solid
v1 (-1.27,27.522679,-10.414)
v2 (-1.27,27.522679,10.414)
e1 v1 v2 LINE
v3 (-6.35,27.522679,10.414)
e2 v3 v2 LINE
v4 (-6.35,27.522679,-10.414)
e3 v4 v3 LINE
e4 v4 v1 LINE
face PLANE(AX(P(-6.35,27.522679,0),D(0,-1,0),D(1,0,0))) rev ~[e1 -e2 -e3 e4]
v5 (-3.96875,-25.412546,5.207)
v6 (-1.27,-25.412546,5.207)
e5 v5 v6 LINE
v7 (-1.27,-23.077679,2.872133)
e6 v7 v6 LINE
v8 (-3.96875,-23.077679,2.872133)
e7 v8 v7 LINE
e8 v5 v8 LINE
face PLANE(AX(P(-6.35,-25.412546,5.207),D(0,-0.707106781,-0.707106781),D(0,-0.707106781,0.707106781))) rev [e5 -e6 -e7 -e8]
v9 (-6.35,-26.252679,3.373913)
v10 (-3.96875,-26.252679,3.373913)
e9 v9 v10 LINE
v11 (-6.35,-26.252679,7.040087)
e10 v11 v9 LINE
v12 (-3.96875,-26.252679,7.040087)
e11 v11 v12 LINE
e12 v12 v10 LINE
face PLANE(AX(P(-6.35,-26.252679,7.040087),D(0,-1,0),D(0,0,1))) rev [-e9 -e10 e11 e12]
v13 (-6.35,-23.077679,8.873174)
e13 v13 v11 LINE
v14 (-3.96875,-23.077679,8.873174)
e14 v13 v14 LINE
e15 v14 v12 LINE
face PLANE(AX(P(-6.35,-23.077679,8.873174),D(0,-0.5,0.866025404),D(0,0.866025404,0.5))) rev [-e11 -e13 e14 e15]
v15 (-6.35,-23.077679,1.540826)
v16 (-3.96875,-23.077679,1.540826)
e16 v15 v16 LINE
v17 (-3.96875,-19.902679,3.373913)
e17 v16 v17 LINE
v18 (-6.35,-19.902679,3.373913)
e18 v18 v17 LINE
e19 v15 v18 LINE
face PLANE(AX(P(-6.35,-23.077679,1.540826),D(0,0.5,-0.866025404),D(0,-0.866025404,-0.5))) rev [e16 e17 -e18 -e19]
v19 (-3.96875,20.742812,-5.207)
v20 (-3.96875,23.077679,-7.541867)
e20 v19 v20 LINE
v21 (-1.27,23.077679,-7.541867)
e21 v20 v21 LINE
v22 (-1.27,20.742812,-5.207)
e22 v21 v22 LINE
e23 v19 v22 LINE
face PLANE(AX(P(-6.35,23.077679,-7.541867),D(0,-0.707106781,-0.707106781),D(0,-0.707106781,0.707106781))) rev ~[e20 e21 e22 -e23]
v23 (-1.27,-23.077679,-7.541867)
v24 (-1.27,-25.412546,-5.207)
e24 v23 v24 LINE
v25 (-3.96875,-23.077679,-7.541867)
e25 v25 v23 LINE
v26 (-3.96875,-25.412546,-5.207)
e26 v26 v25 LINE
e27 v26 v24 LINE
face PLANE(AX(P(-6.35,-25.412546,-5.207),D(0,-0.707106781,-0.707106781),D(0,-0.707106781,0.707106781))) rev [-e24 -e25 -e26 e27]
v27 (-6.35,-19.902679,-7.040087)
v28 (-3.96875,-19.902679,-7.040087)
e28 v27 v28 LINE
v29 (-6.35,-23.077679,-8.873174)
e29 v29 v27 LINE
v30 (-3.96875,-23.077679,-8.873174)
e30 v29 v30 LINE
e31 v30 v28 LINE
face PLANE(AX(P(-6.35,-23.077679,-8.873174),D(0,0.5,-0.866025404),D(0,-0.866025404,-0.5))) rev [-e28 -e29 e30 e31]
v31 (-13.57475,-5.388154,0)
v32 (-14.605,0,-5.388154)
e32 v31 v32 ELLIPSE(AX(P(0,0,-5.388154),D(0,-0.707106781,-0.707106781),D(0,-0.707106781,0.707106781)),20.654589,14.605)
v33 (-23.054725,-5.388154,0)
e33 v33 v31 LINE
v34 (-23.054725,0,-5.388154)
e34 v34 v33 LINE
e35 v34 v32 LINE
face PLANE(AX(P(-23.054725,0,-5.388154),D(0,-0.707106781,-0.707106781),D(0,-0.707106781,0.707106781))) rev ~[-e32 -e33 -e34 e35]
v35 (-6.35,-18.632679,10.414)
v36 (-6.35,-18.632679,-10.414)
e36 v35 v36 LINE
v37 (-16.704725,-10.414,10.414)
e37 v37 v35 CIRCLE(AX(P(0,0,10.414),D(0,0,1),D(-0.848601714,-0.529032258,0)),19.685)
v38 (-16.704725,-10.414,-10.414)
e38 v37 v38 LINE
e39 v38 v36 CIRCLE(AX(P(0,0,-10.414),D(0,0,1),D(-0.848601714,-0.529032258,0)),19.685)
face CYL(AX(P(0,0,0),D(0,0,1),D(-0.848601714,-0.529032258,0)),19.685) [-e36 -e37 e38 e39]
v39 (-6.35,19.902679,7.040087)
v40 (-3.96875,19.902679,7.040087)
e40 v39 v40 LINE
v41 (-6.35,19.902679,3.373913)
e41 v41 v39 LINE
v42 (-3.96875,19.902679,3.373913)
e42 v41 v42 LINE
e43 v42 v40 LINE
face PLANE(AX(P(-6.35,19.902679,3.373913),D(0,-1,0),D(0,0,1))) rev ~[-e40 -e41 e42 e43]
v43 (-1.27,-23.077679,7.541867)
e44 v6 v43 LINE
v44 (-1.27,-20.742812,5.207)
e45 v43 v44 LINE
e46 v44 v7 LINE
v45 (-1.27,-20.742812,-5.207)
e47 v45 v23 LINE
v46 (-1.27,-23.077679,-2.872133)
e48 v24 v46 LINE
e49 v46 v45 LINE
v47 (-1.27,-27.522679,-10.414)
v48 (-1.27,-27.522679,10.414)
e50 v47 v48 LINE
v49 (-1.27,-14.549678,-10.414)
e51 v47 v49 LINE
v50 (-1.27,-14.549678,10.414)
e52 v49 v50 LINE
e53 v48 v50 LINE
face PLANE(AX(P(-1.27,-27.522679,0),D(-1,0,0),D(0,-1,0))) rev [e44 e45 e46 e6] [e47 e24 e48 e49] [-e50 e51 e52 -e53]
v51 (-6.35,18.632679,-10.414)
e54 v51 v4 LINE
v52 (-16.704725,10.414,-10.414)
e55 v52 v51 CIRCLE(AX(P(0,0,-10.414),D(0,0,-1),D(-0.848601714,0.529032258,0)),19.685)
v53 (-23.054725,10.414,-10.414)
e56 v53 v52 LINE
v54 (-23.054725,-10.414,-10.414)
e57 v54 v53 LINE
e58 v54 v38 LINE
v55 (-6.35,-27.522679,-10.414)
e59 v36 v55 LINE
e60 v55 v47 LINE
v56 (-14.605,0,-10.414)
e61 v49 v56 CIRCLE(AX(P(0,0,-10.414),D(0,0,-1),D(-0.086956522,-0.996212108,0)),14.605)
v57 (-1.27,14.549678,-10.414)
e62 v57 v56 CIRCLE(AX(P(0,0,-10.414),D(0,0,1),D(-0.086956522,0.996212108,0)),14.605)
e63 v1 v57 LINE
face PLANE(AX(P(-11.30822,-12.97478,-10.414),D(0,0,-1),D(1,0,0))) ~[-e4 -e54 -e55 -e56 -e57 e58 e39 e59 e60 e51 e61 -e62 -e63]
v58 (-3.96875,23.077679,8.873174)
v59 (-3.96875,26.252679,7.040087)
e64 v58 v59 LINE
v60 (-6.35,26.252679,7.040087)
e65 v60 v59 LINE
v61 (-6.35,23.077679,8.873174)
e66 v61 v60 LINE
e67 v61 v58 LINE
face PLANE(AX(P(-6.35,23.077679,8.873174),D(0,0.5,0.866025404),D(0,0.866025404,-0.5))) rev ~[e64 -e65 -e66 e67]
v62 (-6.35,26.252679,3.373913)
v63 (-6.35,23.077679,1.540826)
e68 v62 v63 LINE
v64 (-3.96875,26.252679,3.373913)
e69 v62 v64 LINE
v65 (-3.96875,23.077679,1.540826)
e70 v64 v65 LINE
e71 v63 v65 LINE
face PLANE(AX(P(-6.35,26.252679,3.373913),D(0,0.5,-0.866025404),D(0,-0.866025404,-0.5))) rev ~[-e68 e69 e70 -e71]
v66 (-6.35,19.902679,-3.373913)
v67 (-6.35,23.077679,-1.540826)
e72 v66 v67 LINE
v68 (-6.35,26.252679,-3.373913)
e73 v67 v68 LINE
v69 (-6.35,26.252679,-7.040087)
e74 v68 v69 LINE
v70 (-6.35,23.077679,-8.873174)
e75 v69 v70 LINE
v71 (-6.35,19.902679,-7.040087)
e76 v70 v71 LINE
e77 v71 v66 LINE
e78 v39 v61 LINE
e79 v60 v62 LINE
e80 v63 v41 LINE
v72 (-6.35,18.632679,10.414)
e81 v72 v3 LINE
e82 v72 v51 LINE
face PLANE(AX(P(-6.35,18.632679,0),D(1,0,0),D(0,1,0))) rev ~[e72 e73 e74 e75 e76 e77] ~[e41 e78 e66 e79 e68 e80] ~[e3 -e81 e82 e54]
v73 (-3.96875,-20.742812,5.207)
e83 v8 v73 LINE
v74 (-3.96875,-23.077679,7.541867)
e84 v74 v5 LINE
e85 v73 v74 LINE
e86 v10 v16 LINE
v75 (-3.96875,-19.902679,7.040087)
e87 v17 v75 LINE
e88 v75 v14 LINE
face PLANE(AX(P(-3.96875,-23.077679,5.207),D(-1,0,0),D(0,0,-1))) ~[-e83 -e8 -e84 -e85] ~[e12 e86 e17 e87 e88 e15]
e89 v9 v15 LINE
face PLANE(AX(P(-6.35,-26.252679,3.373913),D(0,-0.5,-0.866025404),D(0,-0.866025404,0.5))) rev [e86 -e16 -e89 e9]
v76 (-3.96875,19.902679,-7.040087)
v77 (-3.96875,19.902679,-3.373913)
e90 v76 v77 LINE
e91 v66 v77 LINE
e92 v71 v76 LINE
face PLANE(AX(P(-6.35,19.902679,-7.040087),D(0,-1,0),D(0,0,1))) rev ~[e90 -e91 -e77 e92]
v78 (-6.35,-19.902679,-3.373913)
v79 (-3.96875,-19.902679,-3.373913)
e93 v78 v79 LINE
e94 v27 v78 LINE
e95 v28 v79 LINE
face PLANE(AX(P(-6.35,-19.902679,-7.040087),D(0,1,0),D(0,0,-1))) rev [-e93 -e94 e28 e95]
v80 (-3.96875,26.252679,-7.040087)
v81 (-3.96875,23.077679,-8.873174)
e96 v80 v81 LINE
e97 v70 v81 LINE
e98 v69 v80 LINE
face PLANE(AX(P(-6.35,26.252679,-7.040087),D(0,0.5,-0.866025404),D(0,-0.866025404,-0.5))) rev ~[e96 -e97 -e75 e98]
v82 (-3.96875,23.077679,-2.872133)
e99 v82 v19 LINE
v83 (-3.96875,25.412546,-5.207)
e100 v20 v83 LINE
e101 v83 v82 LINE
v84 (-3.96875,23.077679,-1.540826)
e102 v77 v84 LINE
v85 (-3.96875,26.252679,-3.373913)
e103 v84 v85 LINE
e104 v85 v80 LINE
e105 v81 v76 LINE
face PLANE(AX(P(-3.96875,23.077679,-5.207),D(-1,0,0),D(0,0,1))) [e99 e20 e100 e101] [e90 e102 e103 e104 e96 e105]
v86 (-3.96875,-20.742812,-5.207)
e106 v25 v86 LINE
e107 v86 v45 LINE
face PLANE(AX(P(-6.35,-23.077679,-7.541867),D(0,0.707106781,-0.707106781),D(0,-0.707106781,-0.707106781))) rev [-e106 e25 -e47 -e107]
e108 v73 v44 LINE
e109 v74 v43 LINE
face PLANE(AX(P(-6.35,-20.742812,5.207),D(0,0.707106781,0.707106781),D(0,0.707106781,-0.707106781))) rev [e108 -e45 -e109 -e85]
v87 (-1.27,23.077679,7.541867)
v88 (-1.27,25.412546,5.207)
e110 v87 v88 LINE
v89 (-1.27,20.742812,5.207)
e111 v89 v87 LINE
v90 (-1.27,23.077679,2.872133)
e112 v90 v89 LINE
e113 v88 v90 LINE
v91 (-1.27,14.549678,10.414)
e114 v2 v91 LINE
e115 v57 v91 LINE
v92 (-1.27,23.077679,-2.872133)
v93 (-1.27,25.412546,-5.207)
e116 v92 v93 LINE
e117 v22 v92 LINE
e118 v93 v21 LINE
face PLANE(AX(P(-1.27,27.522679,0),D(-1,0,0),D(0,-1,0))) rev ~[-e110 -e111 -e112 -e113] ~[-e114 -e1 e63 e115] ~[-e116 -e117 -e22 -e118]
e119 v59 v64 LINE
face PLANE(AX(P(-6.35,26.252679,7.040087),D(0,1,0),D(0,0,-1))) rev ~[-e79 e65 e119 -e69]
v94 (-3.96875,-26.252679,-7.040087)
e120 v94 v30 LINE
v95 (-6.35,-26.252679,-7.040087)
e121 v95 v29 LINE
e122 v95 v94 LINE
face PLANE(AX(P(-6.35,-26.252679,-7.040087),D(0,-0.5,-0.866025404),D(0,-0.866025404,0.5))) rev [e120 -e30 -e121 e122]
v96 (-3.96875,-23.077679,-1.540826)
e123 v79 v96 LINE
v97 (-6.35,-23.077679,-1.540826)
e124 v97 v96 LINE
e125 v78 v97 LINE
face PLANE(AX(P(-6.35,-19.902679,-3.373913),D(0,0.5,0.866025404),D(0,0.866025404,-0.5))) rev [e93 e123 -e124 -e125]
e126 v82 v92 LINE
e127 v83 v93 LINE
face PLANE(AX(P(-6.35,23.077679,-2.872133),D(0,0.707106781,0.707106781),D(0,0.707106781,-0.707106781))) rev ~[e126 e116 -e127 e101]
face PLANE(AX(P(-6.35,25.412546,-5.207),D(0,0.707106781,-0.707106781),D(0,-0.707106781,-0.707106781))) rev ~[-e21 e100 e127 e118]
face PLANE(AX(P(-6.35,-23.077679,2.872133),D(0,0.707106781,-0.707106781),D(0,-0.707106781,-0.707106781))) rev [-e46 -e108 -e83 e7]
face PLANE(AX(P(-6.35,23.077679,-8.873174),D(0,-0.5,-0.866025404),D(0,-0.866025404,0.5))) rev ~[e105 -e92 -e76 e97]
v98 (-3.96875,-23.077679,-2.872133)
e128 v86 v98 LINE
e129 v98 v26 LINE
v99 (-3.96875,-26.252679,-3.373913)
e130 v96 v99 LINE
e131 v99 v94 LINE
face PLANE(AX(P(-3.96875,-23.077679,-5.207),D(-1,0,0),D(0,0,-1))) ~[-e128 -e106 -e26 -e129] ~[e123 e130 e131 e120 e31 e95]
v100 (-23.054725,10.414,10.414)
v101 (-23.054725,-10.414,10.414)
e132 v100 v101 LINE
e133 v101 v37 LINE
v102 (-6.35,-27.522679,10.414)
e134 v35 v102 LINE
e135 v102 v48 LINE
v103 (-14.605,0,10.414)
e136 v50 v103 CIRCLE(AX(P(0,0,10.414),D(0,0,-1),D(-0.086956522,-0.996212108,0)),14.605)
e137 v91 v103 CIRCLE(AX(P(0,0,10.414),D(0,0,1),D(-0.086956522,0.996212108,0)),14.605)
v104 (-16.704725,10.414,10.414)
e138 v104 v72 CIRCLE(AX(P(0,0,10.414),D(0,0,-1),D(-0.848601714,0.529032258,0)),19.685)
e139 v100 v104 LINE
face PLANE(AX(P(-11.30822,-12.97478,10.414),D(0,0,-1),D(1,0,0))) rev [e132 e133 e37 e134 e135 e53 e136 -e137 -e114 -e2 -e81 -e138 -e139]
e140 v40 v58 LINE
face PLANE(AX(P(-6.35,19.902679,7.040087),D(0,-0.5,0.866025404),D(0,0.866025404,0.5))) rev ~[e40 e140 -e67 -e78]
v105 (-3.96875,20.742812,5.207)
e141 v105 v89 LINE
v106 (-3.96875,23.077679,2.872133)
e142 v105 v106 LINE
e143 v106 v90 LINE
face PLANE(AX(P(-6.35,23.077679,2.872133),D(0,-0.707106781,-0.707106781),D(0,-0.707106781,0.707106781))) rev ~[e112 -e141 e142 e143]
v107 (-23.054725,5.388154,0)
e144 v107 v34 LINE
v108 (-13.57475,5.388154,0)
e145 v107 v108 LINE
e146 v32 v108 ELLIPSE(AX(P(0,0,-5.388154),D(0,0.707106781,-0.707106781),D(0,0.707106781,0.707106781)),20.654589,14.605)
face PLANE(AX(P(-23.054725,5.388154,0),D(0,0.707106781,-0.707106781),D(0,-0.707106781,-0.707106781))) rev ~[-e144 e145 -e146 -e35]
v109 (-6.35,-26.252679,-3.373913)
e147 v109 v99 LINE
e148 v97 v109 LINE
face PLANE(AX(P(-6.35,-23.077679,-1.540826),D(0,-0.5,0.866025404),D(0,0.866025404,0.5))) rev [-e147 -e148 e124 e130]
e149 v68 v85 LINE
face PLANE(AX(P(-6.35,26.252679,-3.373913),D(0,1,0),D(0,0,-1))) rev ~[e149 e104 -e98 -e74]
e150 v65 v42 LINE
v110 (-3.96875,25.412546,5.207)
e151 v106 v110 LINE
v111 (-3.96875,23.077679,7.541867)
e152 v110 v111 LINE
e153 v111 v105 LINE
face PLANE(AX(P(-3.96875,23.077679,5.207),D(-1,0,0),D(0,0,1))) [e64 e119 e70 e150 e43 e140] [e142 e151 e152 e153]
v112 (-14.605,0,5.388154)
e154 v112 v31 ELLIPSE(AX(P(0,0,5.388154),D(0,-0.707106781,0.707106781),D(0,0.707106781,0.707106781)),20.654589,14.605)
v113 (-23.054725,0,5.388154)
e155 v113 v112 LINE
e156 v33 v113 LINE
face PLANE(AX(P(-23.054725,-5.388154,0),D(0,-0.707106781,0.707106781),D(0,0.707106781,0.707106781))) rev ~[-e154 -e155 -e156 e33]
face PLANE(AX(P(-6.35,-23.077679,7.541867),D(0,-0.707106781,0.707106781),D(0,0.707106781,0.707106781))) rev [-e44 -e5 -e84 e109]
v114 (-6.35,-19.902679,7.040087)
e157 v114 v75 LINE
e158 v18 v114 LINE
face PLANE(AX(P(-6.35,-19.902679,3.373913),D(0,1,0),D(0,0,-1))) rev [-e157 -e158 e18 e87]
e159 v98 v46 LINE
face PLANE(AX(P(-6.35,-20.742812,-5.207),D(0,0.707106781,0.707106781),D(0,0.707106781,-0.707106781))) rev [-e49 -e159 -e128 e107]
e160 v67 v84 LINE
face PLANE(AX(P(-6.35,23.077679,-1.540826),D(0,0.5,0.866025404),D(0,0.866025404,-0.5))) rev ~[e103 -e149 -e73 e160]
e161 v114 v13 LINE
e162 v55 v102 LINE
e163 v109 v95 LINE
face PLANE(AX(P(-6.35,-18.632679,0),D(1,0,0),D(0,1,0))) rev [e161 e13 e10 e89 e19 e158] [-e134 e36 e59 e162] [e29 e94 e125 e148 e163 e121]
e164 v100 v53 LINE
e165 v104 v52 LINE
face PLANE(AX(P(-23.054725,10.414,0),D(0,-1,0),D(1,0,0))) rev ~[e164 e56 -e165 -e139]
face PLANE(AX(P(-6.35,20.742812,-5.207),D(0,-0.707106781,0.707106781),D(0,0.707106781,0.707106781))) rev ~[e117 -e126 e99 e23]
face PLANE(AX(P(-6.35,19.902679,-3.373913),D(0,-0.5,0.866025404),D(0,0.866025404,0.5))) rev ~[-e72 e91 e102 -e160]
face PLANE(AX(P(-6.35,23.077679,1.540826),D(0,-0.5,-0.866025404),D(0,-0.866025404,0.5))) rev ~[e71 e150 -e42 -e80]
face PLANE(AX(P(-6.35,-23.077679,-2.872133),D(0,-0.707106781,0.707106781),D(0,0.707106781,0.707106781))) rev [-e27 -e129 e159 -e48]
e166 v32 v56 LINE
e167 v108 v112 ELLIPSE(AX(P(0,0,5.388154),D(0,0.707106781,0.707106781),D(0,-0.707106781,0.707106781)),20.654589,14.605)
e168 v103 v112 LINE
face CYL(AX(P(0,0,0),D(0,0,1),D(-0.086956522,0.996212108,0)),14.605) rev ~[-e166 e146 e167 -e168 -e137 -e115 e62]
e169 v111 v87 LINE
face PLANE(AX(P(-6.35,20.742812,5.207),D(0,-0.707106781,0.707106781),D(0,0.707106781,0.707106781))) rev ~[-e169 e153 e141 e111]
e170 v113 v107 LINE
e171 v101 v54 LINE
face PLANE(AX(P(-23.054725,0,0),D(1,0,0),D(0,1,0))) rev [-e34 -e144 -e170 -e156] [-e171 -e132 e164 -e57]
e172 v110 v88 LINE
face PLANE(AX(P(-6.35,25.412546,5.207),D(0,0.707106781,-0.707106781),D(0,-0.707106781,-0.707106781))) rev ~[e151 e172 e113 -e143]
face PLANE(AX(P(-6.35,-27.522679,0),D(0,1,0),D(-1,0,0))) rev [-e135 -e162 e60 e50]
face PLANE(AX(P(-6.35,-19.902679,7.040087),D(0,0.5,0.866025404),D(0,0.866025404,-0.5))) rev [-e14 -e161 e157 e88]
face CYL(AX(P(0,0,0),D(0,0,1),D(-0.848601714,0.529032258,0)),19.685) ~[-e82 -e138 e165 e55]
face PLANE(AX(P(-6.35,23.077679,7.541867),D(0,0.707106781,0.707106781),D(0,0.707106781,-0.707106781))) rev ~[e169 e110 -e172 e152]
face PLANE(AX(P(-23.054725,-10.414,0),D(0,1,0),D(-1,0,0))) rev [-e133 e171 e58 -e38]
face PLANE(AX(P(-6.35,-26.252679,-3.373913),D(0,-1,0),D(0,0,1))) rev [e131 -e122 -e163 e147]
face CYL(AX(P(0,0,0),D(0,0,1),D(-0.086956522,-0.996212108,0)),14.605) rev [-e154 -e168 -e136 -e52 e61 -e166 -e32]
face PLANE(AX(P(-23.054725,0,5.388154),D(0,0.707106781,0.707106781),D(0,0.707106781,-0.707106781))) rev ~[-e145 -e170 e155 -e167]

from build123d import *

# Parameters (mm, degrees)
BOSS_EXTRUDE1_DEPTH = 10.414
CUT_EXTRUDE1_DEPTH  = 6.08
CUT_EXTRUDE3_DEPTH  = 2.38125
CUT_EXTRUDE2_DEPTH  = 22.784724751


with BuildPart() as part:
    # Sketch1 → Boss-Extrude1 (new body, symmetric)
    with BuildSketch(Plane.XY):
        with BuildLine():
            Line((-1.27, 18.632678954), (-1.27, 14.549677831))
            ThreePointArc((-1.27, 14.549677831), (-10.766948848, 9.86807162), (-14.605, 0))
            Line((-14.605, 0), (-23.054724751, 0))
            Line((-23.054724751, 0), (-23.054724751, 10.414))
            Line((-23.054724751, 10.414), (-16.704724751, 10.414))
            ThreePointArc((-16.704724751, 10.414), (-12.237922792, 15.418575509), (-6.35, 18.632678954))
            Line((-6.35, 18.632678954), (-6.35, 27.522678954))
            Line((-6.35, 27.522678954), (-1.27, 27.522678954))
            Line((-1.27, 27.522678954), (-1.27, 18.632678954))
        make_face()
    boss_extrude1 = extrude(amount=BOSS_EXTRUDE1_DEPTH, both=True)

    # Mirror1: Boss-Extrude1 across plane
    add(boss_extrude1.mirror(Plane(origin=(-23.054724751, 0, 10.414), x_dir=(0, 0, 1), z_dir=(0, 1, 0))))

    # Sketch2 → Cut-Extrude1 (cut, through all)
    with BuildSketch(Plane.ZY.offset(6.35)):
        Polygon((5.207, 25.412545545), (2.872133409, 23.077678954), (5.207, 20.742812362), (7.541866591, 23.077678954), align=None)
        Polygon((-7.541866591, 23.077678954), (-5.207, 20.742812362), (-2.872133409, 23.077678954), (-5.207, 25.412545545), align=None)
    cut_extrude1 = extrude(amount=-CUT_EXTRUDE1_DEPTH, mode=Mode.SUBTRACT)

    # Sketch5 → Cut-Extrude3 (cut)
    with BuildSketch(Plane.ZY.offset(6.35)):
        Polygon((-8.873174209, 23.077678954), (-7.040087105, 19.902678954), (-3.373912895, 19.902678954), (-1.540825791, 23.077678954), (-3.373912895, 26.252678954), (-7.040087105, 26.252678954), align=None)
        Polygon((1.540825791, 23.077678954), (3.373912895, 19.902678954), (7.040087105, 19.902678954), (8.873174209, 23.077678954), (7.040087105, 26.252678954), (3.373912895, 26.252678954), align=None)
    cut_extrude3 = extrude(amount=-CUT_EXTRUDE3_DEPTH, mode=Mode.SUBTRACT)

    # Mirror2: Cut-Extrude1, Cut-Extrude3 across plane
    add(cut_extrude1.mirror(Plane.ZX), mode=Mode.SUBTRACT)
    add(cut_extrude3.mirror(Plane.ZX), mode=Mode.SUBTRACT)

    # Sketch3 → Cut-Extrude2 (cut, through all)
    with BuildSketch(Plane.ZY.offset(23.054724751)):
        Polygon((0, 5.388153673), (-5.388153673, 0), (0, -5.388153673), (5.388153673, 0), align=None)
    extrude(amount=-CUT_EXTRUDE2_DEPTH, mode=Mode.SUBTRACT)


solid = part.part
